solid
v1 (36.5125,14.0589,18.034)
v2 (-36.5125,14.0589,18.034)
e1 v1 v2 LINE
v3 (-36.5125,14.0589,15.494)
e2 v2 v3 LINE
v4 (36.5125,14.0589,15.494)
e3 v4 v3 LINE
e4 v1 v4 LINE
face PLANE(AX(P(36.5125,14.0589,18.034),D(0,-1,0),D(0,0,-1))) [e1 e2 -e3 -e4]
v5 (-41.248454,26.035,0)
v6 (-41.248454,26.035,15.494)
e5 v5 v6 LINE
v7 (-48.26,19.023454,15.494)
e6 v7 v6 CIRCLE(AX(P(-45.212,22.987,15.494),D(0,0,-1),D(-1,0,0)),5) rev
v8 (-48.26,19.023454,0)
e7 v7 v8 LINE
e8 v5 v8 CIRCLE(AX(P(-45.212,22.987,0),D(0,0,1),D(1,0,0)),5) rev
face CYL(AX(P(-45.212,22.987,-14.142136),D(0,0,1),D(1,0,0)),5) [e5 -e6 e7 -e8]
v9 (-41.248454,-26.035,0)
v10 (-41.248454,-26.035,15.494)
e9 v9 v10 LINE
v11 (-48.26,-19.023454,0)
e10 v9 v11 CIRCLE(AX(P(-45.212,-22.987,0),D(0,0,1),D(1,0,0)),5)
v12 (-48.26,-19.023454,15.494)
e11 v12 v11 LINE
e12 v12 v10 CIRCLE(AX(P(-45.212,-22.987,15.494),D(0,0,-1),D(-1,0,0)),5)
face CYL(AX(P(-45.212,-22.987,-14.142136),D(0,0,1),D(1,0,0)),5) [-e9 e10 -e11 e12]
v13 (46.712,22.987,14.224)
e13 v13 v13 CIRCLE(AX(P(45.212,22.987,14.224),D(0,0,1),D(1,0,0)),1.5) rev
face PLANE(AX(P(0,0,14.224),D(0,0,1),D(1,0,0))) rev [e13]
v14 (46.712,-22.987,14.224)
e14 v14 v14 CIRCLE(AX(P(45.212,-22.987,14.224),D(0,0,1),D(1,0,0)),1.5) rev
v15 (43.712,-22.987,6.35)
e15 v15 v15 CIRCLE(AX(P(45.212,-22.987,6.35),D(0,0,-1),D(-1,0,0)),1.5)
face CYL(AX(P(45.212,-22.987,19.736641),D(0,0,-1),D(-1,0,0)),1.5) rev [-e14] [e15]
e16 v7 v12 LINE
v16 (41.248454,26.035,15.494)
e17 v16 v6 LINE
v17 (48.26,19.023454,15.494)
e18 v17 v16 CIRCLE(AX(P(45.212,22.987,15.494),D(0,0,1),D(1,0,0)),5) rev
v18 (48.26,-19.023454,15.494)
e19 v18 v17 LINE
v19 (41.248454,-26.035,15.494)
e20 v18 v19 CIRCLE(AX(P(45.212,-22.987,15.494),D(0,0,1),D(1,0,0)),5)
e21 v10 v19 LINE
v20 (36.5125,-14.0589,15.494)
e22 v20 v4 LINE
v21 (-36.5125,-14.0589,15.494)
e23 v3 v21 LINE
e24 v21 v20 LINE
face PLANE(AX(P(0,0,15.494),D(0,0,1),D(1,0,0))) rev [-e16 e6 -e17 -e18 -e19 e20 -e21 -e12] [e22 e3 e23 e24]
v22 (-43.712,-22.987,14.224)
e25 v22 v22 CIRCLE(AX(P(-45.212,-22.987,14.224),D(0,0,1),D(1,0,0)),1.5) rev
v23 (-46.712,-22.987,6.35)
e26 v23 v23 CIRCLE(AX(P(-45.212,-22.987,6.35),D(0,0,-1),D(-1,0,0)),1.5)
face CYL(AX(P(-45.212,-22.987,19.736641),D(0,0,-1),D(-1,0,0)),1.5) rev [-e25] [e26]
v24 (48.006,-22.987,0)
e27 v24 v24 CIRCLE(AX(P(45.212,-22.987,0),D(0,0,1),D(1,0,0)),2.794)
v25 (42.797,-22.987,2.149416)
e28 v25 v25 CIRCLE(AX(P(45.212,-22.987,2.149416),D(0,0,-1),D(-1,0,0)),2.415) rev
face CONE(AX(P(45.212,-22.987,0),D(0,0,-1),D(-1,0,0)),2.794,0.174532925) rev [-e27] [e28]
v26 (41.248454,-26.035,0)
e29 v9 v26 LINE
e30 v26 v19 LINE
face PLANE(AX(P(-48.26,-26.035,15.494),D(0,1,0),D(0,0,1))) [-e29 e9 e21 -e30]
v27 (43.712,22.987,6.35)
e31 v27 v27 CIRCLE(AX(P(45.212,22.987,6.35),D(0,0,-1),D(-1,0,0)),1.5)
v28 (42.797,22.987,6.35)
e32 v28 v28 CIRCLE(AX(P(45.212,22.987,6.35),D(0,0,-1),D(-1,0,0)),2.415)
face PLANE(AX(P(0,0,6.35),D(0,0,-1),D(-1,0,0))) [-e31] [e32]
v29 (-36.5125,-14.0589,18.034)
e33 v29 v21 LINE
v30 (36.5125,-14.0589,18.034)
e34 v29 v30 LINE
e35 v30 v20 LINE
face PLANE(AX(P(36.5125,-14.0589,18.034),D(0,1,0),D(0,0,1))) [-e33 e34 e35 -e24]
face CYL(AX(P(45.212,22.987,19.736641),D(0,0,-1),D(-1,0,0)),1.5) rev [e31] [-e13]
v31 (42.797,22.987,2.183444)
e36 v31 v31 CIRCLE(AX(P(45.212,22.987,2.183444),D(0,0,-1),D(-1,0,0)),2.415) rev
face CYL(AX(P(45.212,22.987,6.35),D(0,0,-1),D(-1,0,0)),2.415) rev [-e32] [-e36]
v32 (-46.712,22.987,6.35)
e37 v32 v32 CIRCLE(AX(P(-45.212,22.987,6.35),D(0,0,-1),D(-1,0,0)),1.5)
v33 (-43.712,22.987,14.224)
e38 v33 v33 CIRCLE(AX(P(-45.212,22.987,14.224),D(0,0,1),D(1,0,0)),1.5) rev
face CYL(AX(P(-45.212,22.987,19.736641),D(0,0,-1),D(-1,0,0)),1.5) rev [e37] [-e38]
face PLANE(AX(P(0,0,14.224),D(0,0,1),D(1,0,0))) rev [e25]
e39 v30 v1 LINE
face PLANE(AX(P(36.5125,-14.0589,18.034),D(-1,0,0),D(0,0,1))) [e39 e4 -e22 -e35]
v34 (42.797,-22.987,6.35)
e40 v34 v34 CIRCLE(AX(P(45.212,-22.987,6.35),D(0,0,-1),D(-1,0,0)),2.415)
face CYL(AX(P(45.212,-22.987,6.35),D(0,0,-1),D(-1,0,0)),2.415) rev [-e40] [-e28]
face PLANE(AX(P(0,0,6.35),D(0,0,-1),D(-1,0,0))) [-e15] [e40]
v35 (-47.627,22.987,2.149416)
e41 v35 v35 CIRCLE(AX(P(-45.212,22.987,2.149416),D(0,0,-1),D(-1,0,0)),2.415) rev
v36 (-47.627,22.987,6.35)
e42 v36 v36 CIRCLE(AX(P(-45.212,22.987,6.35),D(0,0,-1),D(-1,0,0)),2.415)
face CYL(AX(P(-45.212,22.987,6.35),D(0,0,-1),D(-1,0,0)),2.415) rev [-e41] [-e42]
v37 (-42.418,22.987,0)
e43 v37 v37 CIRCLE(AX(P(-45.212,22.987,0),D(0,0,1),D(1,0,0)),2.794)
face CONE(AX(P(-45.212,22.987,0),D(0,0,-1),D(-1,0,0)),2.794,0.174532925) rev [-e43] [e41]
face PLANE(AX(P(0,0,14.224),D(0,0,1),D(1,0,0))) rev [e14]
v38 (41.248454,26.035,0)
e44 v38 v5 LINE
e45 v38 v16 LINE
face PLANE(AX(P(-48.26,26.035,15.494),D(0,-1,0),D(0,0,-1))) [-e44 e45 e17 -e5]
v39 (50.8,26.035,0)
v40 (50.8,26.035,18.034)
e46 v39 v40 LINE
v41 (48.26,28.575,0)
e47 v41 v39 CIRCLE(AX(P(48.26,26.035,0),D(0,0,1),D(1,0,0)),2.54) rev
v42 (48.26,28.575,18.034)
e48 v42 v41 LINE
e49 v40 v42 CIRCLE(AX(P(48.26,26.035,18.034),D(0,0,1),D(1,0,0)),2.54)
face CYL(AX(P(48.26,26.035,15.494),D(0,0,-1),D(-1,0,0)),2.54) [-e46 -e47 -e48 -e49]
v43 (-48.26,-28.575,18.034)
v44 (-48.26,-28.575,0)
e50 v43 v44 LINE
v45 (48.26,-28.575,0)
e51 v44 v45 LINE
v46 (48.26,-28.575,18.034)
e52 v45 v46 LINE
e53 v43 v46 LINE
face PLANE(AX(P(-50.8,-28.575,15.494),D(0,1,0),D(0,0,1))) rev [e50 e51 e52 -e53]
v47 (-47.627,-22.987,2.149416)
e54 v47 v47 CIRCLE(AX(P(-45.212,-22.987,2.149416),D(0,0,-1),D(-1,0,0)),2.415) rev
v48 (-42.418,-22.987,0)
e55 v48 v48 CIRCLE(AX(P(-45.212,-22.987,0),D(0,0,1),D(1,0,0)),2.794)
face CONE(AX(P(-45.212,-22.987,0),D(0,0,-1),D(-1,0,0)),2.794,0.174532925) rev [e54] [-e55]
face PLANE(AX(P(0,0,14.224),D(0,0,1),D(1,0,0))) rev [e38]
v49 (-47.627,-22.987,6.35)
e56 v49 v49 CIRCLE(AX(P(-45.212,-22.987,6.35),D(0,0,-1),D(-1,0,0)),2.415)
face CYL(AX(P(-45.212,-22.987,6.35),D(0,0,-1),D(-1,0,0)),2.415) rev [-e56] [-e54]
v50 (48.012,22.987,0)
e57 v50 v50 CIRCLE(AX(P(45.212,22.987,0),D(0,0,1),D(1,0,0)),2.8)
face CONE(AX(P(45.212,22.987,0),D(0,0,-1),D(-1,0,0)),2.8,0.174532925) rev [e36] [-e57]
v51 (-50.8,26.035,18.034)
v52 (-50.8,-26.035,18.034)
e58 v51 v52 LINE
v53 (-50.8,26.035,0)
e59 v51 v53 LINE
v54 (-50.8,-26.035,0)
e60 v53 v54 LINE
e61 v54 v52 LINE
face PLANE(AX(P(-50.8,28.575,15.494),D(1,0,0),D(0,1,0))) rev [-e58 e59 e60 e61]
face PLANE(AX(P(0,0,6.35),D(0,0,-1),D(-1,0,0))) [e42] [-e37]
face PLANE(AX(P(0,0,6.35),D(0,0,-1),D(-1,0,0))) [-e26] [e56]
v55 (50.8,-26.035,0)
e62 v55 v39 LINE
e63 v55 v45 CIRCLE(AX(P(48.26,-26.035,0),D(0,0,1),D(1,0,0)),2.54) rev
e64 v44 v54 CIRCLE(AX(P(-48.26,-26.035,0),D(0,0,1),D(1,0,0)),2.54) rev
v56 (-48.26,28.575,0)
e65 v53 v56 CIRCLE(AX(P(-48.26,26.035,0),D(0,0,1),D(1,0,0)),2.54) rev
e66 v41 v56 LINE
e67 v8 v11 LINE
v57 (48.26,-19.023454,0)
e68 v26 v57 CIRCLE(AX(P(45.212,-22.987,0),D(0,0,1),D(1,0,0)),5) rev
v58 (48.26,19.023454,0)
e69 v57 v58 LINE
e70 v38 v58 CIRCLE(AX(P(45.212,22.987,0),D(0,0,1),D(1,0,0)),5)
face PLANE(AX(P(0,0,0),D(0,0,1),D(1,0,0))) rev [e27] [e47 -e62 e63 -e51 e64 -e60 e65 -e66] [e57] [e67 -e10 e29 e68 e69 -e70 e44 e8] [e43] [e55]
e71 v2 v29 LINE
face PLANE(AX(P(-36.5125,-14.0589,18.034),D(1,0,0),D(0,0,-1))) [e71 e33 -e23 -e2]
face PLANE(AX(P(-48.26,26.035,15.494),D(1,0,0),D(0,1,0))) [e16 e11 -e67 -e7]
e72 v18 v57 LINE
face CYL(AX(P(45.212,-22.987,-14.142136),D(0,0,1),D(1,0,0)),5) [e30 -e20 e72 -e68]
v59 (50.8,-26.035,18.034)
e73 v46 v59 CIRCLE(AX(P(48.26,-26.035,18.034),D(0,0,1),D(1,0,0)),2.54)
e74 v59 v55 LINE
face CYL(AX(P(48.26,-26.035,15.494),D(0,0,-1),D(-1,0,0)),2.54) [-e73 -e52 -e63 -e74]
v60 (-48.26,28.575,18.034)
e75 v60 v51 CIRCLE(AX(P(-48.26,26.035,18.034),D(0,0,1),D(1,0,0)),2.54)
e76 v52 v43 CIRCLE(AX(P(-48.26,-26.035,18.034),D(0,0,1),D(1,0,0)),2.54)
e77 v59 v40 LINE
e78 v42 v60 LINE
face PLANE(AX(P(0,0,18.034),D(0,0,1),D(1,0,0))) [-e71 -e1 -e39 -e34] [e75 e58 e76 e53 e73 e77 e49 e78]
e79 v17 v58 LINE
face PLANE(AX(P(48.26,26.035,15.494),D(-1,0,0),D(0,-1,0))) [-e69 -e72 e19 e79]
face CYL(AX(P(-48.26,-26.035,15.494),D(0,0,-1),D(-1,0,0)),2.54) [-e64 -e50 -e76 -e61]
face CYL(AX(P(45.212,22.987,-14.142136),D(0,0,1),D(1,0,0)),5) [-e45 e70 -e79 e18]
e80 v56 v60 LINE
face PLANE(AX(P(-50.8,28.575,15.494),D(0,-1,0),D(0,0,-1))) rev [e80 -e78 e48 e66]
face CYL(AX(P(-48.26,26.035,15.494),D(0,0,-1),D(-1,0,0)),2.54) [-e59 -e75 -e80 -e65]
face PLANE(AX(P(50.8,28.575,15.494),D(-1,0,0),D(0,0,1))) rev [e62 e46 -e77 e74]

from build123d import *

# Parameters (mm, degrees)
SKETCH1_W           = 101.6
SKETCH1_H           = 57.15
SKETCH1_W_2         = 96.52
SKETCH1_H_2         = 52.07
BOSS_EXTRUDE1_DEPTH = 15.494
SKETCH2_W           = 101.6
SKETCH2_H           = 57.15
SKETCH2_W_2         = 73.025
SKETCH2_H_2         = 28.1178
BOSS_EXTRUDE2_DEPTH = 2.54
SKETCH3_R           = 5
BOSS_EXTRUDE3_DEPTH = 15.494
SKETCH4_R           = 2.415
CUT_EXTRUDE1_DEPTH  = 6.35
SKETCH5_R           = 1.5
CUT_EXTRUDE2_DEPTH  = 7.874
FILLET1_R           = 2.54


with BuildPart() as part:
    # Sketch1 → Boss-Extrude1 (new body)
    with BuildSketch(Plane.XY):
        Rectangle(SKETCH1_W, SKETCH1_H)
        Rectangle(SKETCH1_W_2, SKETCH1_H_2, mode=Mode.SUBTRACT)
    extrude(amount=BOSS_EXTRUDE1_DEPTH)

    # Sketch2 → Boss-Extrude2 (add)
    with BuildSketch(Plane.XY.offset(15.494)):
        Rectangle(SKETCH2_W, SKETCH2_H)
        Rectangle(SKETCH2_W_2, SKETCH2_H_2, mode=Mode.SUBTRACT)
    extrude(amount=BOSS_EXTRUDE2_DEPTH)

    # Sketch3 → Boss-Extrude3 (add)
    with BuildSketch(Plane(origin=(0, 0, 15.494), x_dir=(-1, 0, 0), z_dir=(0, 0, -1))):
        with BuildLine():
            ThreePointArc((-48.26, 19.023454113), (-43.002927797, 18.501467702), (-40.212, 22.987))
            ThreePointArc((-40.212, 22.987), (-40.478199759, 24.59670037), (-41.248454113, 26.035))
            Line((-41.248454113, 26.035), (-48.26, 26.035))
            Line((-48.26, 26.035), (-48.26, 19.023454113))
        make_face()
        with BuildLine():
            Line((-48.26, 26.035), (-41.248454113, 26.035))
            ThreePointArc((-41.248454113, 26.035), (-48.747533906, 26.522533906), (-48.26, 19.023454113))
            Line((-48.26, 19.023454113), (-48.26, 26.035))
        make_face()
        with BuildLine():
            Line((48.26, 26.035), (41.248454113, 26.035))
            ThreePointArc((41.248454113, 26.035), (41.676466094, 19.451466094), (48.26, 19.023454113))
            Line((48.26, 19.023454113), (48.26, 26.035))
        make_face()
        with BuildLine():
            ThreePointArc((50.212, 22.987), (46.82170037, 27.720800241), (41.248454113, 26.035))
            Line((41.248454113, 26.035), (48.26, 26.035))
            Line((48.26, 26.035), (48.26, 19.023454113))
            ThreePointArc((48.26, 19.023454113), (49.697532298, 20.777927797), (50.212, 22.987))
        make_face()
        with BuildLine():
            Line((-48.26, -26.035), (-48.26, -19.023454113))
            ThreePointArc((-48.26, -19.023454113), (-48.747533906, -26.522533906), (-41.248454113, -26.035))
            Line((-41.248454113, -26.035), (-48.26, -26.035))
        make_face()
        with BuildLine():
            ThreePointArc((-40.212, -22.987), (-43.002927797, -18.501467702), (-48.26, -19.023454113))
            Line((-48.26, -19.023454113), (-48.26, -26.035))
            Line((-48.26, -26.035), (-41.248454113, -26.035))
            ThreePointArc((-41.248454113, -26.035), (-40.478199759, -24.59670037), (-40.212, -22.987))
        make_face()
        with Locations((45.212, -22.987)):
            Circle(SKETCH3_R)
    extrude(amount=BOSS_EXTRUDE3_DEPTH)

    # Sketch4 → Cut-Extrude1 (cut)
    with BuildSketch(Plane(origin=(0, 0, 0), x_dir=(-1, 0, 0), z_dir=(0, 0, -1))):
        with Locations((-45.212, 22.987)):
            Circle(SKETCH4_R)
        with Locations((-45.212, -22.987)):
            Circle(SKETCH4_R)
        with Locations((45.212, -22.987)):
            Circle(SKETCH4_R)
        with Locations((45.212, 22.987)):
            Circle(SKETCH4_R)
    extrude(amount=-CUT_EXTRUDE1_DEPTH, mode=Mode.SUBTRACT)

    # Sketch5 → Cut-Extrude2 (cut)
    with BuildSketch(Plane(origin=(0, 0, 6.35), x_dir=(-1, 0, 0), z_dir=(0, 0, -1))):
        with Locations((-45.212, 22.987)):
            Circle(SKETCH5_R)
        with Locations((45.212, -22.987)):
            Circle(SKETCH5_R)
        with Locations((-45.212, -22.987)):
            Circle(SKETCH5_R)
        with Locations((45.212, 22.987)):
            Circle(SKETCH5_R)
    extrude(amount=-CUT_EXTRUDE2_DEPTH, mode=Mode.SUBTRACT)

    # Sketch6 → Cut-Revolve1 (revolve, cut)
    with BuildSketch(Plane(origin=(0, 22.987, 0), x_dir=(0, 0, -1), z_dir=(0, -1, 0)), mode=Mode.PRIVATE) as cut_revolve1_sk:
        Polygon((0, 48.012), (-6.35, 46.892323673), (-6.35, 45.212), (0, 45.212), align=None)
    revolve(cut_revolve1_sk.sketch.rotate(Axis((45.212, 22.987, 6.35), (0, 0, -1)), 180), axis=Axis((45.212, 22.987, 6.35), (0, 0, -1)), mode=Mode.SUBTRACT)

    # Sketch7 → Cut-Revolve2 (revolve, cut)
    with BuildSketch(Plane(origin=(0, -22.987, 0), x_dir=(0, 0, -1), z_dir=(0, 1, 0))):
        Polygon((0, 48.006), (-6.35, 46.886323673), (-6.35, 45.212), (0, 45.212), align=None)
    revolve(axis=Axis((-45.212, -22.987, 6.35), (0, 0, -1)), mode=Mode.SUBTRACT)

    # Sketch8 → Cut-Revolve3 (revolve, cut)
    with BuildSketch(Plane(origin=(0, 22.987, 0), x_dir=(0, 0, -1), z_dir=(0, 1, 0))):
        Polygon((0, 48.006), (-6.35, 46.886323673), (-6.35, 45.212), (0, 45.212), align=None)
    revolve(axis=Axis((-45.212, 22.987, 6.35), (0, 0, -1)), mode=Mode.SUBTRACT)

    # Sketch9 → Cut-Revolve4 (revolve, cut)
    with BuildSketch(Plane(origin=(0, -22.987, 0), x_dir=(0, 0, -1), z_dir=(0, -1, 0)), mode=Mode.PRIVATE) as cut_revolve4_sk:
        Polygon((0, 48.006), (-6.35, 46.886323673), (-6.35, 45.212), (0, 45.212), align=None)
    revolve(cut_revolve4_sk.sketch.rotate(Axis((45.212, -22.987, 6.35), (0, 0, -1)), 180), axis=Axis((45.212, -22.987, 6.35), (0, 0, -1)), mode=Mode.SUBTRACT)

    # Fillet1
    fillet1_edges = [part.edges().sort_by_distance(p)[0] for p in [
        (-50.8, 28.575, 9.017),
        (50.8, 28.575, 9.017),
        (50.8, -28.575, 9.017),
        (-50.8, -28.575, 9.017),
    ]]
    fillet(fillet1_edges, radius=FILLET1_R)


solid = part.part
